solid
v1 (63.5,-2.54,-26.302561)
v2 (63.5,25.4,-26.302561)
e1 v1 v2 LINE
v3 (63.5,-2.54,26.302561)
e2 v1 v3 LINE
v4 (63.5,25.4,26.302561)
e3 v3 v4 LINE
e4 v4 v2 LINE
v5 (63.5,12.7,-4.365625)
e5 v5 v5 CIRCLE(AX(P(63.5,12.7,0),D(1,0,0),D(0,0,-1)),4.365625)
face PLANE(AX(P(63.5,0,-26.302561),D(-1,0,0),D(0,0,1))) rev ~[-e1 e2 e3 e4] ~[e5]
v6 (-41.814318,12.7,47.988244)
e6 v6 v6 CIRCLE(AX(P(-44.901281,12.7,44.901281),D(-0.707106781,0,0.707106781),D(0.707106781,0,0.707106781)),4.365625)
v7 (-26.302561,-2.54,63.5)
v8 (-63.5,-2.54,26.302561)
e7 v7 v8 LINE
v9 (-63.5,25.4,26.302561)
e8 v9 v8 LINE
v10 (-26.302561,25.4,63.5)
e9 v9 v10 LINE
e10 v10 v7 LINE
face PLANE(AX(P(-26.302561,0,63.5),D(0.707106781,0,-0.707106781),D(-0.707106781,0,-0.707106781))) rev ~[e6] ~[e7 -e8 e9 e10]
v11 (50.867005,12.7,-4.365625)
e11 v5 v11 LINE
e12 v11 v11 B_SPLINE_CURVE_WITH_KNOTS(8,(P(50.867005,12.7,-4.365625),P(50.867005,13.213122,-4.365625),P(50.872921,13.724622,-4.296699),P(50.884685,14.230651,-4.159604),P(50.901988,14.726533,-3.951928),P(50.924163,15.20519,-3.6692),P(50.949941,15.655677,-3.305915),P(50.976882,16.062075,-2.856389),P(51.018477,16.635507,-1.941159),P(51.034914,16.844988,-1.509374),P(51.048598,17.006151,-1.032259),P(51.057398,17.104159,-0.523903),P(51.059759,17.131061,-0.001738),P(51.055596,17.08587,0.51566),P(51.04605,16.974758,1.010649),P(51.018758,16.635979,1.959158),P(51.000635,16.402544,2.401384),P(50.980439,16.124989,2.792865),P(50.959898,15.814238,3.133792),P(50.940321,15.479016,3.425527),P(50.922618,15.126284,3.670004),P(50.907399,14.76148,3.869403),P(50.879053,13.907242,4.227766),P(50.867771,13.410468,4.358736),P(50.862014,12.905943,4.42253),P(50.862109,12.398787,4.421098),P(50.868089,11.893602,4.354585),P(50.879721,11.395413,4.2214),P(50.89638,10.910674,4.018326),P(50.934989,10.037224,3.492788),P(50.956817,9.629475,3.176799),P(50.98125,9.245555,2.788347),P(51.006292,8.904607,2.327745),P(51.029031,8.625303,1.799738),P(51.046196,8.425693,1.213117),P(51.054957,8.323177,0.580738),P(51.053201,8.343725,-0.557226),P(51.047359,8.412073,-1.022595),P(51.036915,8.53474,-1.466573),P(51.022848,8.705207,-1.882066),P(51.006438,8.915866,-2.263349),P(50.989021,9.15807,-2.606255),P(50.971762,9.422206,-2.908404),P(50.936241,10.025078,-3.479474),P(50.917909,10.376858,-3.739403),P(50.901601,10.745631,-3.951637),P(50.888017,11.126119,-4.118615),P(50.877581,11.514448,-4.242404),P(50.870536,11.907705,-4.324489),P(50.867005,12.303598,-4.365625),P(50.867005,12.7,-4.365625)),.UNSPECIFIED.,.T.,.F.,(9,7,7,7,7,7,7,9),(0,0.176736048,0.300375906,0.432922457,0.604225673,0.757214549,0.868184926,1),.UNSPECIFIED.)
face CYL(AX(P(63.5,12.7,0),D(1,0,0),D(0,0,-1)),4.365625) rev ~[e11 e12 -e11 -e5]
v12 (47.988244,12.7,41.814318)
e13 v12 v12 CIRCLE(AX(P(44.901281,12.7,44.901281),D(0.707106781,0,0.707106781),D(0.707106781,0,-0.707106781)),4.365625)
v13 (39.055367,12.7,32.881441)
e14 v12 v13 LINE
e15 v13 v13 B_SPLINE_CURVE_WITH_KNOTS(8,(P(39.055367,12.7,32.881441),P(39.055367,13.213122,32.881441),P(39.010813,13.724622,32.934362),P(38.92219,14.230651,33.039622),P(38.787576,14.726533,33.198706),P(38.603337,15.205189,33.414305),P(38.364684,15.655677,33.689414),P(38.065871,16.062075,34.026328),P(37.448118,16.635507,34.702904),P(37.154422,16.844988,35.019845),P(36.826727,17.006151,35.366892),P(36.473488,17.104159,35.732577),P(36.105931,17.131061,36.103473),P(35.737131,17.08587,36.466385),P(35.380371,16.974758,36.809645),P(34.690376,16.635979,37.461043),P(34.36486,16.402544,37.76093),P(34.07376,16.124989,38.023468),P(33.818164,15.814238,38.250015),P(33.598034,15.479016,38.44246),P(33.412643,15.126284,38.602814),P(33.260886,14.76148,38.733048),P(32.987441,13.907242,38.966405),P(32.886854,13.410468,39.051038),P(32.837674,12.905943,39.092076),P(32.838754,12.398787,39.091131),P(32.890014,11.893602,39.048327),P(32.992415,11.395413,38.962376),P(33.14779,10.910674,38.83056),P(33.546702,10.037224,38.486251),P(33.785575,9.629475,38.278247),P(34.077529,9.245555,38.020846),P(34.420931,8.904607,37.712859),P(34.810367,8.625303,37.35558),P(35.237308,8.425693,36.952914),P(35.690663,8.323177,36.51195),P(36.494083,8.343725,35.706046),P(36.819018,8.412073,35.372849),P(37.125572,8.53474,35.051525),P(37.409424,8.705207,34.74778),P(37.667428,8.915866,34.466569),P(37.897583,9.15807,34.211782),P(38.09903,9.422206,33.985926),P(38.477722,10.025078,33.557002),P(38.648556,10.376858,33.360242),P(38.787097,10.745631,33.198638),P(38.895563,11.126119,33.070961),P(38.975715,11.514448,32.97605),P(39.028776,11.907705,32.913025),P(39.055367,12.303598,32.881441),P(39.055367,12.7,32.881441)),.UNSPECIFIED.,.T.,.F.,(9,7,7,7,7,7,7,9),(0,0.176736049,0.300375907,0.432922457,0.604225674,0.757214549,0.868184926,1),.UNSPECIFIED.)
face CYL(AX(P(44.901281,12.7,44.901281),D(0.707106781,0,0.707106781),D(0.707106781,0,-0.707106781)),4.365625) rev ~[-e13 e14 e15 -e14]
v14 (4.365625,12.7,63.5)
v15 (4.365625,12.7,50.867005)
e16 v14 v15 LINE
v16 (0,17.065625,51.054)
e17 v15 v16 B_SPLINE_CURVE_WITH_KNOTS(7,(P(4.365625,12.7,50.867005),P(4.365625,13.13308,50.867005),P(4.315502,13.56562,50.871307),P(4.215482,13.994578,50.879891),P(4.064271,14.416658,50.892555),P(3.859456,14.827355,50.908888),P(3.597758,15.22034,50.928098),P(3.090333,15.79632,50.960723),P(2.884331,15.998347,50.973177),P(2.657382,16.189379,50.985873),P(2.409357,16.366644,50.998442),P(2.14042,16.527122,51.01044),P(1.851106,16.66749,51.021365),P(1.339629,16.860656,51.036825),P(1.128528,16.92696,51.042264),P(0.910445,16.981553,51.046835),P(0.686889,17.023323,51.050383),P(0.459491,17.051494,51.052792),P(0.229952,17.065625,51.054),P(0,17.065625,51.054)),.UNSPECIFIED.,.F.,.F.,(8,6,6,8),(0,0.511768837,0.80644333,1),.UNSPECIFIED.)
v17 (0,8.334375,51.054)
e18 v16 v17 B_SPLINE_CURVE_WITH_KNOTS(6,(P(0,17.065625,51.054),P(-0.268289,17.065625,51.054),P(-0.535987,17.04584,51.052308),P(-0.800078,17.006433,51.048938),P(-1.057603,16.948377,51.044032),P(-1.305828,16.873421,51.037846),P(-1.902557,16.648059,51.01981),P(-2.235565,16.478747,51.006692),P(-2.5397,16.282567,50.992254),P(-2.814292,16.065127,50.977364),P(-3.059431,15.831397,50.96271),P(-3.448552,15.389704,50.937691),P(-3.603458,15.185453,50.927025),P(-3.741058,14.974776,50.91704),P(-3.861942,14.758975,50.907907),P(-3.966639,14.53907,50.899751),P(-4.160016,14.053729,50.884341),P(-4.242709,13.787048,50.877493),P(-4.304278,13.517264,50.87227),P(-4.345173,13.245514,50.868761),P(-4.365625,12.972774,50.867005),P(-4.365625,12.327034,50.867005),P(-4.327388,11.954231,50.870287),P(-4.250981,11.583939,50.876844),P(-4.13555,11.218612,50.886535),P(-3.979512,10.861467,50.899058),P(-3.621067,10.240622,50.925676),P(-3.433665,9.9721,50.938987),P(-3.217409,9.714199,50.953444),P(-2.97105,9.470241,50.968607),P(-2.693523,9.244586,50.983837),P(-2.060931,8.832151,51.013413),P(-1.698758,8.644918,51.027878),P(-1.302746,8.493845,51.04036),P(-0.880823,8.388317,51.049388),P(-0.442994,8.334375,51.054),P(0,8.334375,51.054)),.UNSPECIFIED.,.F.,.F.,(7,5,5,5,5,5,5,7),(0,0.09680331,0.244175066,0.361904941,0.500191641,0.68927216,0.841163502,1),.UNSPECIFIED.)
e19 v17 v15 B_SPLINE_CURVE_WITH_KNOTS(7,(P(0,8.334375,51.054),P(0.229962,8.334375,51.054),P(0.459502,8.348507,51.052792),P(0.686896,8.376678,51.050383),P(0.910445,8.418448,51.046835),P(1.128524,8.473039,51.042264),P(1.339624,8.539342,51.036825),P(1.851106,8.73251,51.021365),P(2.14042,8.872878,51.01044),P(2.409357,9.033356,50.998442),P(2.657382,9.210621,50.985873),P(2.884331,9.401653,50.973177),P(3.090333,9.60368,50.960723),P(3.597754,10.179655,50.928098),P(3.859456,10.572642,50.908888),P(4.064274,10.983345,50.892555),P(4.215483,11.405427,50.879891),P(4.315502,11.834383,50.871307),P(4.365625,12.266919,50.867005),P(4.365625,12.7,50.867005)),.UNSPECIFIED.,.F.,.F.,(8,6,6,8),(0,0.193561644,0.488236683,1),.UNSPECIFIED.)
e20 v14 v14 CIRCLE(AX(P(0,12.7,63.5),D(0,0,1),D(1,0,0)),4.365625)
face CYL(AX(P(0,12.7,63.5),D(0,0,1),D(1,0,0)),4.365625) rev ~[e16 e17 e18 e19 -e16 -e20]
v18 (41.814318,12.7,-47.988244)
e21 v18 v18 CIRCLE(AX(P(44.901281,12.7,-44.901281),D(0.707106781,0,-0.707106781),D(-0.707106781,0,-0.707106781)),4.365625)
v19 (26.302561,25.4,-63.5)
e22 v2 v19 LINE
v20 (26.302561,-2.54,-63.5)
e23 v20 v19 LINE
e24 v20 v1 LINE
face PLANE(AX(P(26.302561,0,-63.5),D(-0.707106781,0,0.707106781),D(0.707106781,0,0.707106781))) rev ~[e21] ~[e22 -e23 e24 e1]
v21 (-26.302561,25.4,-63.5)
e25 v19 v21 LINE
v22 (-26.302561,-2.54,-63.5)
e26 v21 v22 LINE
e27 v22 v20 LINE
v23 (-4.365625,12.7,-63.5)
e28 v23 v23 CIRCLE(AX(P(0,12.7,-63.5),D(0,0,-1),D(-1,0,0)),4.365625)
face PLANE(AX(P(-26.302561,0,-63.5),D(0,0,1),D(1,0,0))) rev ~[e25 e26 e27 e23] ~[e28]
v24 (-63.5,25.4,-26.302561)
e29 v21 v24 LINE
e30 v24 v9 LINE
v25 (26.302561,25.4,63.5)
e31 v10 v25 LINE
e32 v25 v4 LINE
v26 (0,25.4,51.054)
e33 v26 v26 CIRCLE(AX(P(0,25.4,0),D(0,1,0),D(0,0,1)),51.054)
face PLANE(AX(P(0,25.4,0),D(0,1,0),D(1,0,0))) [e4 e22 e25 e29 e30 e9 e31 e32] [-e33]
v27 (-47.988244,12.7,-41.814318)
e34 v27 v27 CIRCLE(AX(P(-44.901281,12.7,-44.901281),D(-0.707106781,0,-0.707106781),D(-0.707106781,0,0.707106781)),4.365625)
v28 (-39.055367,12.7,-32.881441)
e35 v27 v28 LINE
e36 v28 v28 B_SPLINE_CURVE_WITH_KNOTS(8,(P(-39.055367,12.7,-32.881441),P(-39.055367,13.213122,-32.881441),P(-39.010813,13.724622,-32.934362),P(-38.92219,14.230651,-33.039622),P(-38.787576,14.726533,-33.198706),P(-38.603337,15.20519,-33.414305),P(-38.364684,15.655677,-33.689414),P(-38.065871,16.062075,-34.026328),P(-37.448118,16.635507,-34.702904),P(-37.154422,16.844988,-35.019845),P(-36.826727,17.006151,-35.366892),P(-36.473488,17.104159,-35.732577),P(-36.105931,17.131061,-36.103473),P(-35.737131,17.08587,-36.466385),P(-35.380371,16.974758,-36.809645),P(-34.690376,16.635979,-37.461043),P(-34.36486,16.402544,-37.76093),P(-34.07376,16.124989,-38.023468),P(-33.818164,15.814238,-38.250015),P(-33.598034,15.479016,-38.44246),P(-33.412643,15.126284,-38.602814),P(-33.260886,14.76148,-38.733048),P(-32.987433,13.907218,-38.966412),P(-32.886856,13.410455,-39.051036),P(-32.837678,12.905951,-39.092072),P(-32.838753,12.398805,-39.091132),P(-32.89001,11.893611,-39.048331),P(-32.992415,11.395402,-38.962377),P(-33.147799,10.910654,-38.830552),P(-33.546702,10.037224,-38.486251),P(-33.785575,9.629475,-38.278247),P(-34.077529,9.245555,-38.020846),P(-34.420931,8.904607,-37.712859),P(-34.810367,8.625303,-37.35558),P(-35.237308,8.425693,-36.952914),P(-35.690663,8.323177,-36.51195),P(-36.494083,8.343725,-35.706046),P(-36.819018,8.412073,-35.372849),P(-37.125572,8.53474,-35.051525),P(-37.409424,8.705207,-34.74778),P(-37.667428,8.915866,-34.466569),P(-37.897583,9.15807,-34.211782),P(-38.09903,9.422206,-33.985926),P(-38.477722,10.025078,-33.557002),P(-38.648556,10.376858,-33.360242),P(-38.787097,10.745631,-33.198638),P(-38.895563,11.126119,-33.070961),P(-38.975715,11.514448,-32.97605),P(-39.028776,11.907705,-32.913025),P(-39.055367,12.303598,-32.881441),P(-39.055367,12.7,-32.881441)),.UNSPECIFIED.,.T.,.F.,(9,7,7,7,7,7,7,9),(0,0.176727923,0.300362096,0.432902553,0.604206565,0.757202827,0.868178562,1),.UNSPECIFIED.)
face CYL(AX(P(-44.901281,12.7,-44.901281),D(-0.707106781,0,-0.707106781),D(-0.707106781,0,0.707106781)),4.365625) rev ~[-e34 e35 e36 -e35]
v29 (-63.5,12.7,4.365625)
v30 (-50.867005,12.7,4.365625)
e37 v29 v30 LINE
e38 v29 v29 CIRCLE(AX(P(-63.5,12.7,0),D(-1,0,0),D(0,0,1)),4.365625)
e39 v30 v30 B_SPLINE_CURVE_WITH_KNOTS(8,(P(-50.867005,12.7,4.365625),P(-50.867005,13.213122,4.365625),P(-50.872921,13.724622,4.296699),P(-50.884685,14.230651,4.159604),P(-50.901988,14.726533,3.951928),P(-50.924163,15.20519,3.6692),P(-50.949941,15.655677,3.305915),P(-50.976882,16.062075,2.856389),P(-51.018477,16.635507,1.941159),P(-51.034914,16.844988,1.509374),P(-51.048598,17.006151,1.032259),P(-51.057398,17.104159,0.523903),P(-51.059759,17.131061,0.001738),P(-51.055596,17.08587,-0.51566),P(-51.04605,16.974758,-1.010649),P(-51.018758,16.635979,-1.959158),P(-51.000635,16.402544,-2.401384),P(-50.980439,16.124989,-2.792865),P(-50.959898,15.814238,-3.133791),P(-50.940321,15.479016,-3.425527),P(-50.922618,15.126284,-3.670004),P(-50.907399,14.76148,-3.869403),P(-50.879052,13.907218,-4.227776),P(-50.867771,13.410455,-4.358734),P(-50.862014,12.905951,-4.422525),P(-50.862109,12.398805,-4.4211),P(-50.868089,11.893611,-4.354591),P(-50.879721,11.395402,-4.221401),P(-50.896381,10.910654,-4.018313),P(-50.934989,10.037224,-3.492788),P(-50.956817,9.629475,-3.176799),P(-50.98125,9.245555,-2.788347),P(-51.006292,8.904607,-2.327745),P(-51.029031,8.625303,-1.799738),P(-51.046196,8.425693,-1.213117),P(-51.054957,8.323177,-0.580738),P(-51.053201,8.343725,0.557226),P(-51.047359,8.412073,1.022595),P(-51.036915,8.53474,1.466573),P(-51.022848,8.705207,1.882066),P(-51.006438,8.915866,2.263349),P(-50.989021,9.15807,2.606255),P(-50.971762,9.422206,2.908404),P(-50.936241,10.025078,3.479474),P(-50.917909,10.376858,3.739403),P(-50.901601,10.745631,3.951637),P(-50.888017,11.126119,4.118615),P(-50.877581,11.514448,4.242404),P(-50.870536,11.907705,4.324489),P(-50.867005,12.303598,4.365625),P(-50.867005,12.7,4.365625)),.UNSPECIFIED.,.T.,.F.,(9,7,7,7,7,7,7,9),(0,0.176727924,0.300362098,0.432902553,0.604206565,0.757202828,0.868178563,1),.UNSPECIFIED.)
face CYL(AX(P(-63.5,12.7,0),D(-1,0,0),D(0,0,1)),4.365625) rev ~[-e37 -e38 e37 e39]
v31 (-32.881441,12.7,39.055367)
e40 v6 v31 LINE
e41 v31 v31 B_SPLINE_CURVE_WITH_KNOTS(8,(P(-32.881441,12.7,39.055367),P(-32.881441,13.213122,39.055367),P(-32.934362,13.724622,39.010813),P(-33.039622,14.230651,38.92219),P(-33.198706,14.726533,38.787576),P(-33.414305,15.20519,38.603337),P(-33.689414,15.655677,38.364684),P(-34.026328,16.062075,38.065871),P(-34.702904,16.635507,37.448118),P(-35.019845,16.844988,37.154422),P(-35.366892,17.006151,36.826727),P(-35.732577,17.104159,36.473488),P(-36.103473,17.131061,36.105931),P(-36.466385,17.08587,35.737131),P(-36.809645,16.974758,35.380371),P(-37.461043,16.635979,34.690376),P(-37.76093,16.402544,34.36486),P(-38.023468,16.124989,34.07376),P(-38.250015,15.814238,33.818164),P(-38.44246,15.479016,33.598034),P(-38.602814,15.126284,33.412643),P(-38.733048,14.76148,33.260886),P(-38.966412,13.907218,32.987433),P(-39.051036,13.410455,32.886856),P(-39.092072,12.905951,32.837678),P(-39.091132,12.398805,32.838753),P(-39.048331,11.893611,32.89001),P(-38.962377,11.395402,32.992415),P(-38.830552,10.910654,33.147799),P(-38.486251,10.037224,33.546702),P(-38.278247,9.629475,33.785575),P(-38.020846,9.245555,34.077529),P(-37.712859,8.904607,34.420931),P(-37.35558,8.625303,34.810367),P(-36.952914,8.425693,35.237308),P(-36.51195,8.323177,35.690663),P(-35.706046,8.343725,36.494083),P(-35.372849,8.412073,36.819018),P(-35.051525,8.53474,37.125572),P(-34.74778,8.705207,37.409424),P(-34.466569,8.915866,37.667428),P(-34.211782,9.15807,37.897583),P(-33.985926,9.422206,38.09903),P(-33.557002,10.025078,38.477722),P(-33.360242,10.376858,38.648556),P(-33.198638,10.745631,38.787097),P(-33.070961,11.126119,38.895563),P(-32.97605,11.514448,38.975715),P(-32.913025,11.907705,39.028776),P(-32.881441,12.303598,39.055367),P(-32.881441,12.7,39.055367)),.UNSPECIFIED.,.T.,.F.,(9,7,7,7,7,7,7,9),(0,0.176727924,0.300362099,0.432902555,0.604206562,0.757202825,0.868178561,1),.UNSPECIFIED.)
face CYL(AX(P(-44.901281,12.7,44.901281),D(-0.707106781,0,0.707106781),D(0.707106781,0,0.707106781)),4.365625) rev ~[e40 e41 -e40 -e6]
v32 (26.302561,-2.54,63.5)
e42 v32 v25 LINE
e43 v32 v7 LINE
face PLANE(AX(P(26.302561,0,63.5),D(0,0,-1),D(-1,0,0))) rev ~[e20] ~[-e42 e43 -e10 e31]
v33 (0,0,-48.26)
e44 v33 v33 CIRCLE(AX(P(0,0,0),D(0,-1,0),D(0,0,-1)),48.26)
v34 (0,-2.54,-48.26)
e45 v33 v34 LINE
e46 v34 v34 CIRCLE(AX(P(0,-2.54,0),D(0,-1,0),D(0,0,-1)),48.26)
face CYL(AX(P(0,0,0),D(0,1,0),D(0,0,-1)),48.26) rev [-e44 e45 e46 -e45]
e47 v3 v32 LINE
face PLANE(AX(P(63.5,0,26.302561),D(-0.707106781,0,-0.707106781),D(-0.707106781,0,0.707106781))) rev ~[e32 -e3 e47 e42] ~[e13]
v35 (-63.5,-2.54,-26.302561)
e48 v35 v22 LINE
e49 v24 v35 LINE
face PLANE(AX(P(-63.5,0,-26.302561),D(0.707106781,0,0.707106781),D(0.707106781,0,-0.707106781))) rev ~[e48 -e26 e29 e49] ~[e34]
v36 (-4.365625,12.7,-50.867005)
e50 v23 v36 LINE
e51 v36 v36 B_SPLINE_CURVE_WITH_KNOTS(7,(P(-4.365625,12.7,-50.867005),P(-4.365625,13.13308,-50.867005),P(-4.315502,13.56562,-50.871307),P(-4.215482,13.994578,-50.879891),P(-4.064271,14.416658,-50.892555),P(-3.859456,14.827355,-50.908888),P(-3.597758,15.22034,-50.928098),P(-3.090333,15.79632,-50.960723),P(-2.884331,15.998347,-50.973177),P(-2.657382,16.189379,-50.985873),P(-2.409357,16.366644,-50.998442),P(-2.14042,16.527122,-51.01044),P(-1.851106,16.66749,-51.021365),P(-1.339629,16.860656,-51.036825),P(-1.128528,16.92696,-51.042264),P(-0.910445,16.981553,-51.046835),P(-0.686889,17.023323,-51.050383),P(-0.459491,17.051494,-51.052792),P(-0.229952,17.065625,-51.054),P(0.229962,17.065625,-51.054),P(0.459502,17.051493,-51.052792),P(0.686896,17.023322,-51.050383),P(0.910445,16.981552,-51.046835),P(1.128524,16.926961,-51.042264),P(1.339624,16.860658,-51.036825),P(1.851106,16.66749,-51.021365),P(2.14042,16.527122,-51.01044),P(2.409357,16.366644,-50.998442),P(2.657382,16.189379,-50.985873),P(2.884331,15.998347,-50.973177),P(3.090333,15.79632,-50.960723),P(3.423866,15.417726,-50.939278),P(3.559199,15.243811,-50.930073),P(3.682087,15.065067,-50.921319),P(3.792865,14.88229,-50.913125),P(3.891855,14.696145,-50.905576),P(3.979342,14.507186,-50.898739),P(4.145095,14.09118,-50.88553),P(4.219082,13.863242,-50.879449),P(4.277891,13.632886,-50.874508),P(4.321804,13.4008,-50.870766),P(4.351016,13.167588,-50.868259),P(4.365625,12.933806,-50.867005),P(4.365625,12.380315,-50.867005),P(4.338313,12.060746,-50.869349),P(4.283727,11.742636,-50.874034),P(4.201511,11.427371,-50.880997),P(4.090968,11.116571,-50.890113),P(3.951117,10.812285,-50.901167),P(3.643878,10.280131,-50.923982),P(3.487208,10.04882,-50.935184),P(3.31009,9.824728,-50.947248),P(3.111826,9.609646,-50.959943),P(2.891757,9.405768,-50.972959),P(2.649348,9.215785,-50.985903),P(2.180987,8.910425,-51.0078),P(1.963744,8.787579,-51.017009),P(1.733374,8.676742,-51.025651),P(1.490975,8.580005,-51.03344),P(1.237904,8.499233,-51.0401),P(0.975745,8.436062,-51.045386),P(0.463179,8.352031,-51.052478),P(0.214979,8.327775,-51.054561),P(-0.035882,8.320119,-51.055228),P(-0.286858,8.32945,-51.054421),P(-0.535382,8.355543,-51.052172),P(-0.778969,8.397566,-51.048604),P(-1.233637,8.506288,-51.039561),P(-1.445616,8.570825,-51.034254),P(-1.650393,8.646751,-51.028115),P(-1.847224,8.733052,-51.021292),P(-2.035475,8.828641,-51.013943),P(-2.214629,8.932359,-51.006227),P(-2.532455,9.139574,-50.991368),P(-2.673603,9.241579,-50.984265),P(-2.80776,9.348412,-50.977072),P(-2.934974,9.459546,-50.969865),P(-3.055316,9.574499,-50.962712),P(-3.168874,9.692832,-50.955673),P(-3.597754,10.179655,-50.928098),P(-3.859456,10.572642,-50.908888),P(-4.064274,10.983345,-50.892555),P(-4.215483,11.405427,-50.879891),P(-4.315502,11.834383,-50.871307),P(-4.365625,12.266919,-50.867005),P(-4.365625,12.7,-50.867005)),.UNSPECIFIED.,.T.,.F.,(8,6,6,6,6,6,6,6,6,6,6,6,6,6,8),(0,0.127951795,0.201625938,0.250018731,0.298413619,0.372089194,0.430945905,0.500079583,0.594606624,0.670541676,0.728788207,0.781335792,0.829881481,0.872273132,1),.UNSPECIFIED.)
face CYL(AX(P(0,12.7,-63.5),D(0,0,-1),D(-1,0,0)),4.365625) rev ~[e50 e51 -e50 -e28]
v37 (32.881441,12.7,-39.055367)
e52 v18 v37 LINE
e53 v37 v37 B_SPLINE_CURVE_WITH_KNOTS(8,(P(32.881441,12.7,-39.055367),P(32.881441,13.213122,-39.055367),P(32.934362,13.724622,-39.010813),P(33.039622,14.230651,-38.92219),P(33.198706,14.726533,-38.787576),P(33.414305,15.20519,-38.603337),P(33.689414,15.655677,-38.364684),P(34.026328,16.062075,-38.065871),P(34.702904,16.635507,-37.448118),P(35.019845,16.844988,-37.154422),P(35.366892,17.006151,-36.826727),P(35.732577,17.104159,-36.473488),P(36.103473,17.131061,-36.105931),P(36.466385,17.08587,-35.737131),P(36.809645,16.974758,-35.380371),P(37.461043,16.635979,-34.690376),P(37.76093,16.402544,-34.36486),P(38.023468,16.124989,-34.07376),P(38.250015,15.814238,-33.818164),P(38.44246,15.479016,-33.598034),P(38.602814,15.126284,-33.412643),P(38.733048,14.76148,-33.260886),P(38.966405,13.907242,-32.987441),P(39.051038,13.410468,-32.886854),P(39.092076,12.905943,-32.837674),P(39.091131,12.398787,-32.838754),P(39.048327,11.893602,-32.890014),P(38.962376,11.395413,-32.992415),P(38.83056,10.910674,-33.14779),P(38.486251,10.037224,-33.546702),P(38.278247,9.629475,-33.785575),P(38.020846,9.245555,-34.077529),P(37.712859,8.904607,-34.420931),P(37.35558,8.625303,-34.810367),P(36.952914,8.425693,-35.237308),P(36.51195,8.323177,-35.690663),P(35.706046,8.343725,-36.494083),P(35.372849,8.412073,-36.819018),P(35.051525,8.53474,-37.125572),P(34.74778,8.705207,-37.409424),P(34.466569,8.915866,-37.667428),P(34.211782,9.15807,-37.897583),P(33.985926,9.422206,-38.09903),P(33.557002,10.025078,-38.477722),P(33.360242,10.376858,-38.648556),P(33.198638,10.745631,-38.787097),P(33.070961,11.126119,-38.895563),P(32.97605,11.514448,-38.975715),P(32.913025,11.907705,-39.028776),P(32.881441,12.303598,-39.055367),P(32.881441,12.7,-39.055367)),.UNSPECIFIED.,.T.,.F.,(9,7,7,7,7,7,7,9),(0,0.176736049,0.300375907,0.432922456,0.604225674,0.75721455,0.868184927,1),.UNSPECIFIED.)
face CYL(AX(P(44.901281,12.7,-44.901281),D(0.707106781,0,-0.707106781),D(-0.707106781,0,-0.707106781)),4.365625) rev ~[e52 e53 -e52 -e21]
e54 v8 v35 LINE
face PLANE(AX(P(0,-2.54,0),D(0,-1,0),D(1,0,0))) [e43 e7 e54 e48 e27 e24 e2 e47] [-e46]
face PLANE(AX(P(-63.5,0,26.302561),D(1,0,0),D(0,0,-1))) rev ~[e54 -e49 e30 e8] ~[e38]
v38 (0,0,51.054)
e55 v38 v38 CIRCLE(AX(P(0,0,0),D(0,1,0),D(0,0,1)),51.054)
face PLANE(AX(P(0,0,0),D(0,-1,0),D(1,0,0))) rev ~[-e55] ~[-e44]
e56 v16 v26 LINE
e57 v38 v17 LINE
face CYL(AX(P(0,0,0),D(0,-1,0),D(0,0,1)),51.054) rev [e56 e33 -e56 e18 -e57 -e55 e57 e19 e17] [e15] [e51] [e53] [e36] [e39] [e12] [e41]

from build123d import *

# Parameters (mm, degrees)
SKETCH1_R           = 51.054
BOSS_EXTRUDE1_DEPTH = 25.4
SKETCH2_R           = 4.365625
CUT_EXTRUDE1_DEPTH  = 31.75
CIRPATTERN1_COUNT   = 8
SKETCH3_R           = 48.26
BOSS_EXTRUDE2_DEPTH = 2.54


with BuildPart() as part:
    # Sketch1 → Boss-Extrude1 (new body)
    with BuildSketch(Plane(origin=(0, 0, 0), x_dir=(1, 0, 0), z_dir=(0, 1, 0))):
        Polygon((63.5, 26.302561211), (26.302561211, 63.5), (-26.302561211, 63.5), (-63.5, 26.302561211), (-63.5, -26.302561211), (-26.302561211, -63.5), (26.302561211, -63.5), (63.5, -26.302561211), align=None)
        with Locations(Location((0, 0, 0), (0, 0, 270))):
            Circle(SKETCH1_R, mode=Mode.SUBTRACT)
    extrude(amount=BOSS_EXTRUDE1_DEPTH)

    # Sketch2 → Cut-Extrude1 (cut)
    with BuildSketch(Plane(origin=(63.5, 0, 0), x_dir=(0, 0, -1), z_dir=(1, 0, 0))):
        with Locations((0, 12.7)):
            Circle(SKETCH2_R)
    cut_extrude1 = extrude(amount=-CUT_EXTRUDE1_DEPTH, mode=Mode.SUBTRACT)

    # CirPattern1: Cut-Extrude1 ×8 about axis
    cirpattern1_axis = Axis((0, 25.4, 0), (0, -1, 0))
    for i in range(1, CIRPATTERN1_COUNT):
        add(cut_extrude1.rotate(cirpattern1_axis, i * 360 / CIRPATTERN1_COUNT), mode=Mode.SUBTRACT)

    # Sketch3 → Boss-Extrude2 (add)
    with BuildSketch(Plane.XZ):
        Polygon((26.302561211, 63.5), (-26.302561211, 63.5), (-63.5, 26.302561211), (-63.5, -26.302561211), (-26.302561211, -63.5), (26.302561211, -63.5), (63.5, -26.302561211), (63.5, 26.302561211), align=None)
        with Locations(Location((0, 0, 0), (0, 0, 270))):
            Circle(SKETCH3_R, mode=Mode.SUBTRACT)
    extrude(amount=BOSS_EXTRUDE2_DEPTH)


solid = part.part
